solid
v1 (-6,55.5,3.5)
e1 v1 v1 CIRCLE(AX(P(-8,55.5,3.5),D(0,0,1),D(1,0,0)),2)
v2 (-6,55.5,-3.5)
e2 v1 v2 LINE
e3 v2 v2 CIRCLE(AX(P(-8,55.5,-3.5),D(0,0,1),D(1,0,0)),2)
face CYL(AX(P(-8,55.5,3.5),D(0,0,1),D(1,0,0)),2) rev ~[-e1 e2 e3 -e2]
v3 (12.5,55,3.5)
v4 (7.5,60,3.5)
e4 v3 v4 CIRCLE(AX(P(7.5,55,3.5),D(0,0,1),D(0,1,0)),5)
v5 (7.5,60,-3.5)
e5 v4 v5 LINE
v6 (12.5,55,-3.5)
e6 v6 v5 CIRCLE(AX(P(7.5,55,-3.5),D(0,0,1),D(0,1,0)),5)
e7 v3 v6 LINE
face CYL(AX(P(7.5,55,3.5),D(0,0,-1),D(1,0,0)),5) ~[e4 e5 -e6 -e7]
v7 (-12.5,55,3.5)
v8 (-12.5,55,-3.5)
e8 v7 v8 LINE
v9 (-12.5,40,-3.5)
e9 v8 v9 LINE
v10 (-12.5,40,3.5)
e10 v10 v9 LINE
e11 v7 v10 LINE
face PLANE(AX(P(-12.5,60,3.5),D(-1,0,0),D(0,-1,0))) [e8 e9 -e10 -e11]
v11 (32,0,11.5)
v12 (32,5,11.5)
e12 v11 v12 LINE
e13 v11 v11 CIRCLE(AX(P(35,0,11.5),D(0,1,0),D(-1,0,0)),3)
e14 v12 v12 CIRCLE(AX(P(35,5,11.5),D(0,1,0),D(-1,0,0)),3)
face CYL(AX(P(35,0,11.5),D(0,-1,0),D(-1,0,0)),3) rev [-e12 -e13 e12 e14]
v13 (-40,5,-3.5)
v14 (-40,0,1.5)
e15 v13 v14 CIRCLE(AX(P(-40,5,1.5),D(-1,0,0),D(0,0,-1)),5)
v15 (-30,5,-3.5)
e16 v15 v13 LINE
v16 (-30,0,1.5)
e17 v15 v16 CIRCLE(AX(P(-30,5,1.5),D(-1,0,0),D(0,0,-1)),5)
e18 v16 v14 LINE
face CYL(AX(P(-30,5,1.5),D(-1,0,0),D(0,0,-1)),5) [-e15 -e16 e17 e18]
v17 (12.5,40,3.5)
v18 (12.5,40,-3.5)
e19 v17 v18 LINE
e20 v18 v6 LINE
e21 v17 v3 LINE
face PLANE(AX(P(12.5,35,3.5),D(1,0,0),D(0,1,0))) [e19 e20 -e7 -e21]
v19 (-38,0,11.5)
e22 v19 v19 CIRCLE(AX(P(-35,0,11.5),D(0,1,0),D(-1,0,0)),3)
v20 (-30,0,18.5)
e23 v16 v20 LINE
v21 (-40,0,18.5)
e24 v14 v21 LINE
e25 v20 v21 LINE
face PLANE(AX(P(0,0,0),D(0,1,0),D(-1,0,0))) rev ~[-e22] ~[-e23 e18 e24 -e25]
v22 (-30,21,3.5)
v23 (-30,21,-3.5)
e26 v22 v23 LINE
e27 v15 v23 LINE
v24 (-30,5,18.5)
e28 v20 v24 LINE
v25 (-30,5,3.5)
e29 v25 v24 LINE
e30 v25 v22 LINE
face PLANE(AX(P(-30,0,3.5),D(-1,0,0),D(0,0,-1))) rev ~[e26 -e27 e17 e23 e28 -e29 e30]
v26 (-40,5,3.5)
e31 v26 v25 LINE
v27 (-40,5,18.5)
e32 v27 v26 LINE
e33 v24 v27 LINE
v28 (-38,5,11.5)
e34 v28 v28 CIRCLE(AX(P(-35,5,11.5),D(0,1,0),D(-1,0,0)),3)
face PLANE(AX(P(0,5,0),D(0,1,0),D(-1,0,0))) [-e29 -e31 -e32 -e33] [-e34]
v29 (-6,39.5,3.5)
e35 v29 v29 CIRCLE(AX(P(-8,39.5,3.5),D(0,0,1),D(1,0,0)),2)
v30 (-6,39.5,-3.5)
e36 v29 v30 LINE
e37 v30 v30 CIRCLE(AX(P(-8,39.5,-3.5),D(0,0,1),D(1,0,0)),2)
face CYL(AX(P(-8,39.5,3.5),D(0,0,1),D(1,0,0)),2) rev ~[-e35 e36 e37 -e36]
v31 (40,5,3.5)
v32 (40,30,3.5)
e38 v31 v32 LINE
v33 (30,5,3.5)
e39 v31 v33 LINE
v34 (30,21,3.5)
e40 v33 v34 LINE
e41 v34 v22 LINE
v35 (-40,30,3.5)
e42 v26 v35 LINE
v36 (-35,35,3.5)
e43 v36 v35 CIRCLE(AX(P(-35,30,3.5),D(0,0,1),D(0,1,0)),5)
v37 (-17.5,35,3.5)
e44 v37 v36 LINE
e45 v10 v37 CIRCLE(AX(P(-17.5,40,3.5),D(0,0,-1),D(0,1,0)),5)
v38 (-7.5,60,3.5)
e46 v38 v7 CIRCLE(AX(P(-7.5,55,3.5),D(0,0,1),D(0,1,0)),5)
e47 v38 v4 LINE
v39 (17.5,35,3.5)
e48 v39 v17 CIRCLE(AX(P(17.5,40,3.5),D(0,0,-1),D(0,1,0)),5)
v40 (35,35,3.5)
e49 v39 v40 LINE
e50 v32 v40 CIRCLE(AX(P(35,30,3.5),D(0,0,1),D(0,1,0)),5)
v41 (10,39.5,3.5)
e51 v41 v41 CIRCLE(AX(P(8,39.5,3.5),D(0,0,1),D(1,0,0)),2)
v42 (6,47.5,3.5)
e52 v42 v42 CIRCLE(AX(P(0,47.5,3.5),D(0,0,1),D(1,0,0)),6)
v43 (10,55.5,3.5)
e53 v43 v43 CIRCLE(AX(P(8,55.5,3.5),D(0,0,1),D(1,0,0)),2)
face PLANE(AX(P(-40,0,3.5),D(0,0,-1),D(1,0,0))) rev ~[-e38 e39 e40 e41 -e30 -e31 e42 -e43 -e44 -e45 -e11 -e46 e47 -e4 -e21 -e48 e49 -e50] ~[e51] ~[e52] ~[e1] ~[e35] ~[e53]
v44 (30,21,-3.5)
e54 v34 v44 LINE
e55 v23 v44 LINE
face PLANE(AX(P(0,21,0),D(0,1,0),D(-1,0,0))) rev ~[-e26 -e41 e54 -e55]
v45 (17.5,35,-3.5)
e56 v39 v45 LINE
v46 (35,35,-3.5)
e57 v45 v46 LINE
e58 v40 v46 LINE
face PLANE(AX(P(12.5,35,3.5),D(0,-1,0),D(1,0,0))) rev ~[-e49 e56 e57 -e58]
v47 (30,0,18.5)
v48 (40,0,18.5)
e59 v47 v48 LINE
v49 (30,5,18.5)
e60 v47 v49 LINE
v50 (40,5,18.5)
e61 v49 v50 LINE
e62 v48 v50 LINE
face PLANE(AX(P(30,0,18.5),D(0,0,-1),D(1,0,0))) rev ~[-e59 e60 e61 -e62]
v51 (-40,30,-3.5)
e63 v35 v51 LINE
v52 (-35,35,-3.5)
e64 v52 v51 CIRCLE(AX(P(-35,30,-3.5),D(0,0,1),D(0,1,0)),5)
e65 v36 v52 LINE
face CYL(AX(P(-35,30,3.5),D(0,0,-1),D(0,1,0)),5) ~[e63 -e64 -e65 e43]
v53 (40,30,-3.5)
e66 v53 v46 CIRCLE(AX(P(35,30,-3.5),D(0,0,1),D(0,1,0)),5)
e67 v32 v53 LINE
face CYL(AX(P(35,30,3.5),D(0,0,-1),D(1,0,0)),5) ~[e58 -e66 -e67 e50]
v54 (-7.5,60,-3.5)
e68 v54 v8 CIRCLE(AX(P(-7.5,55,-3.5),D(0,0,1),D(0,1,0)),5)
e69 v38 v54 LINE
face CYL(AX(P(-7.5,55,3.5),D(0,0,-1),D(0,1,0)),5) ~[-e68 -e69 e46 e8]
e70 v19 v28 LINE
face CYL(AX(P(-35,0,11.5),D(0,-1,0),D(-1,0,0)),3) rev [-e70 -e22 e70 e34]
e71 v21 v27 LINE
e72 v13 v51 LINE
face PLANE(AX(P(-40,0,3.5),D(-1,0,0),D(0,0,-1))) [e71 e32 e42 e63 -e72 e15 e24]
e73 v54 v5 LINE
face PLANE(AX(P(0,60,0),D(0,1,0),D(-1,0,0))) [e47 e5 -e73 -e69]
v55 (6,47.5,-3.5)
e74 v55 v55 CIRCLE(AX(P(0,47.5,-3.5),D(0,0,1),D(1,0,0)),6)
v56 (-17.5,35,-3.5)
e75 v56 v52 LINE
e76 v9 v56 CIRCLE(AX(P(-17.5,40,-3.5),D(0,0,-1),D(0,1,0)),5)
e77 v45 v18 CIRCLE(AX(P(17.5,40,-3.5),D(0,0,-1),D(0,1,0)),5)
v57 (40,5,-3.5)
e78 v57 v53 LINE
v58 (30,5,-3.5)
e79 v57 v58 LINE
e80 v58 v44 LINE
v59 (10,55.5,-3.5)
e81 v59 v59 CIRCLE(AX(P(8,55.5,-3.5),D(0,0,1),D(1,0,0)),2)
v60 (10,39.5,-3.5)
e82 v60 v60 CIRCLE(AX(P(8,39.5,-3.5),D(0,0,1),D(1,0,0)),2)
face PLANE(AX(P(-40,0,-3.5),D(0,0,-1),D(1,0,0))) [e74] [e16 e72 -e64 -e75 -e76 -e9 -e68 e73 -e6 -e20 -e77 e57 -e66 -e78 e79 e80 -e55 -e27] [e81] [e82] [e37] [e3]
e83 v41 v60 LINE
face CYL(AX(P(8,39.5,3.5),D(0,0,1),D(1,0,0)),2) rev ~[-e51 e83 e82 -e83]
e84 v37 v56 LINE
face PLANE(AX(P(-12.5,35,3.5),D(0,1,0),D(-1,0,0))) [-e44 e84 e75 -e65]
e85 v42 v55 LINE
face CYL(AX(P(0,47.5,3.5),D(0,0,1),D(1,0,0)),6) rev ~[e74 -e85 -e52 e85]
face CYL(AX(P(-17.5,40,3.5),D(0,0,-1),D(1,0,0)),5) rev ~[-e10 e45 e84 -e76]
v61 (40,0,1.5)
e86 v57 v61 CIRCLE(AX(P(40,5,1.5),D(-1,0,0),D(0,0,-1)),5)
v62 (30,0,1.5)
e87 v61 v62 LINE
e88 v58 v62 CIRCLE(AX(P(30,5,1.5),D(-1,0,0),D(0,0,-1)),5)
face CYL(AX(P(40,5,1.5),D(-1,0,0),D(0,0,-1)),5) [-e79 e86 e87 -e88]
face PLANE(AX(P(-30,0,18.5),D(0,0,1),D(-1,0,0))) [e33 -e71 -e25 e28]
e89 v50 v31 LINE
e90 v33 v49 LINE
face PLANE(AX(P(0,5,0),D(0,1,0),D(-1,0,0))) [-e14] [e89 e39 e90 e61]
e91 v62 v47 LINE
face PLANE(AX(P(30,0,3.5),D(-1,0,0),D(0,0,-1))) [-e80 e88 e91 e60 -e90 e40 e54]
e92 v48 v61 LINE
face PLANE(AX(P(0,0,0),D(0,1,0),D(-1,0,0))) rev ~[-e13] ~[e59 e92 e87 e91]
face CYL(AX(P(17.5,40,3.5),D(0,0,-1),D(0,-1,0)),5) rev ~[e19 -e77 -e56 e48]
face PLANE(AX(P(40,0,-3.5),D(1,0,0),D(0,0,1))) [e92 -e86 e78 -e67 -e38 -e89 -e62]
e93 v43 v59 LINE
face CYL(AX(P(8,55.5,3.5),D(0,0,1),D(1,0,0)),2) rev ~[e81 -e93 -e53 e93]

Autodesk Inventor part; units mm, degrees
ref_plane "YZ Plane" through (0, 0, 0) normal (1, 0, 0) x (0, 1, 0)
ref_plane "XZ Plane" through (0, 0, 0) normal (0, 1, 0) x (-1, 0, 0)
ref_plane "XY Plane" through (0, 0, 0) normal (0, 0, 1) x (1, 0, 0)
sketch "Skizze1" plane through (0, 0, 0) normal (0, 1, 0) x (-1, 0, 0)
  line L0 (40, -3.5) -> (-40, -3.5)
  line L1 (-40, -3.5) -> (-40, 3.5)
  line L2 (-40, 3.5) -> (-30, 3.5)
  line L3 (40, 3.5) -> (40, -3.5)
  line L4 (40, -3.5) -> (-40, 3.5) construction
  line L5 (-40, -3.5) -> (40, 3.5) construction
  line L6 (40, 3.5) -> (30, 3.5)
  line L7 (30, 3.5) -> (30, 18.5)
  line L8 (30, 18.5) -> (40, 18.5)
  line L9 (40, 18.5) -> (40, 3.5)
  circle A0 centre (35, 11.5) radius 3
  line L10 (0, 43.2114) -> (0, -35.1785) construction
  line L11 (-30, 3.5) -> (-30, 18.5)
  line L12 (-30, 18.5) -> (-40, 18.5)
  line L13 (-40, 18.5) -> (-40, 3.5)
  circle A1 centre (-35, 11.5) radius 3
  line L14 (-30, 3.5) -> (30, 3.5)
  line L15 (30, 3.5) -> (40, 3.5)
  line L16 (30, 3.5) -> (30, -3.5)
  line L17 (-30, 3.5) -> (-30, -3.5)
  point P0 (0, 0)
  point P1 (30, 11)
  dimension "d0" = 80
  dimension "d1" = 7
  dimension "d4" = 10
  dimension "d5" = 15
  dimension "d6" = 6
  dimension "d7" = 7
  dimension "d8" = 5
extrude "Extrusion1" add sketch "Skizze1" along normal blind 60 contours L0 L16 L6 L3 | L0 L17 L14 L16 | L0 L1 L2 L17
extrude "Extrusion2" add sketch "Skizze1" along normal blind 5 contours L6 L7 L8 L9 | L2 L13 L12 L11
extrude "Extrusion3" cut sketch "Skizze1" along normal blind 21 contours L0 L17 L14 L16
sketch "Skizze2" plane through (-40, 60, 3.5) normal (0, 0, 1) x (1, 0, 0)
  line L0 (40, -60) -> (40, 40) construction
  circle A0 centre (32, -4.5) radius 2
  line L1 (70, -60) -> (80, -60) projected
  line L2 (40, -12.5) -> (0, -12.5) construction
  line L3 (0, -55) -> (0, 0) construction
  circle A1 centre (48, -4.5) radius 2
  circle A2 centre (32, -20.5) radius 2
  circle A3 centre (48, -20.5) radius 2
  circle A4 centre (40, -12.5) radius 6
  line L4 (0, 0) -> (80, 0) projected
  line L5 (27.5, -25) -> (52.5, -25)
  line L6 (52.5, -25) -> (52.5, 0)
  line L7 (52.5, 0) -> (27.5, 0)
  line L8 (27.5, 0) -> (27.5, -25)
  line L9 (27.5, -25) -> (52.5, 0) construction
  line L10 (52.5, -25) -> (27.5, 0) construction
  line L11 (27.5, -25) -> (0, -25)
  line L12 (0, -25) -> (0, 0)
  line L13 (0, 0) -> (27.5, 0)
  line L14 (27.5, 0) -> (27.5, -25)
  line L15 (80, -55) -> (80, 0) projected
  line L16 (52.5, -25) -> (80, -25)
  line L17 (80, -25) -> (80, 0)
  line L18 (80, 0) -> (52.5, 0)
  line L19 (52.5, 0) -> (52.5, -25)
  dimension "d14" = 4
  dimension "d15" = 47.5
  dimension "d16" = 8
  dimension "d17" = 8
  dimension "d20" = 16
  dimension "d23" = 16
  dimension "d26" = 12
  dimension "d27" = 25
extrude "Extrusion4" cut sketch "Skizze2" against normal up to surface (7 mm away) contours A0 | A1 | A2 | A3 | A4 | L4 L8 L11 L12 | L4 L15 L16 L6
fillet "Rundung1" radius 5 8 edges at (-40, 35, 0) (-12.5, 35, 0) (-12.5, 60, 0) (12.5, 60, 0) (12.5, 35, 0) (40, 35, 0) (-35, 0, -3.5) (35, 0, -3.5)
properties part number "Bracket vorne"
